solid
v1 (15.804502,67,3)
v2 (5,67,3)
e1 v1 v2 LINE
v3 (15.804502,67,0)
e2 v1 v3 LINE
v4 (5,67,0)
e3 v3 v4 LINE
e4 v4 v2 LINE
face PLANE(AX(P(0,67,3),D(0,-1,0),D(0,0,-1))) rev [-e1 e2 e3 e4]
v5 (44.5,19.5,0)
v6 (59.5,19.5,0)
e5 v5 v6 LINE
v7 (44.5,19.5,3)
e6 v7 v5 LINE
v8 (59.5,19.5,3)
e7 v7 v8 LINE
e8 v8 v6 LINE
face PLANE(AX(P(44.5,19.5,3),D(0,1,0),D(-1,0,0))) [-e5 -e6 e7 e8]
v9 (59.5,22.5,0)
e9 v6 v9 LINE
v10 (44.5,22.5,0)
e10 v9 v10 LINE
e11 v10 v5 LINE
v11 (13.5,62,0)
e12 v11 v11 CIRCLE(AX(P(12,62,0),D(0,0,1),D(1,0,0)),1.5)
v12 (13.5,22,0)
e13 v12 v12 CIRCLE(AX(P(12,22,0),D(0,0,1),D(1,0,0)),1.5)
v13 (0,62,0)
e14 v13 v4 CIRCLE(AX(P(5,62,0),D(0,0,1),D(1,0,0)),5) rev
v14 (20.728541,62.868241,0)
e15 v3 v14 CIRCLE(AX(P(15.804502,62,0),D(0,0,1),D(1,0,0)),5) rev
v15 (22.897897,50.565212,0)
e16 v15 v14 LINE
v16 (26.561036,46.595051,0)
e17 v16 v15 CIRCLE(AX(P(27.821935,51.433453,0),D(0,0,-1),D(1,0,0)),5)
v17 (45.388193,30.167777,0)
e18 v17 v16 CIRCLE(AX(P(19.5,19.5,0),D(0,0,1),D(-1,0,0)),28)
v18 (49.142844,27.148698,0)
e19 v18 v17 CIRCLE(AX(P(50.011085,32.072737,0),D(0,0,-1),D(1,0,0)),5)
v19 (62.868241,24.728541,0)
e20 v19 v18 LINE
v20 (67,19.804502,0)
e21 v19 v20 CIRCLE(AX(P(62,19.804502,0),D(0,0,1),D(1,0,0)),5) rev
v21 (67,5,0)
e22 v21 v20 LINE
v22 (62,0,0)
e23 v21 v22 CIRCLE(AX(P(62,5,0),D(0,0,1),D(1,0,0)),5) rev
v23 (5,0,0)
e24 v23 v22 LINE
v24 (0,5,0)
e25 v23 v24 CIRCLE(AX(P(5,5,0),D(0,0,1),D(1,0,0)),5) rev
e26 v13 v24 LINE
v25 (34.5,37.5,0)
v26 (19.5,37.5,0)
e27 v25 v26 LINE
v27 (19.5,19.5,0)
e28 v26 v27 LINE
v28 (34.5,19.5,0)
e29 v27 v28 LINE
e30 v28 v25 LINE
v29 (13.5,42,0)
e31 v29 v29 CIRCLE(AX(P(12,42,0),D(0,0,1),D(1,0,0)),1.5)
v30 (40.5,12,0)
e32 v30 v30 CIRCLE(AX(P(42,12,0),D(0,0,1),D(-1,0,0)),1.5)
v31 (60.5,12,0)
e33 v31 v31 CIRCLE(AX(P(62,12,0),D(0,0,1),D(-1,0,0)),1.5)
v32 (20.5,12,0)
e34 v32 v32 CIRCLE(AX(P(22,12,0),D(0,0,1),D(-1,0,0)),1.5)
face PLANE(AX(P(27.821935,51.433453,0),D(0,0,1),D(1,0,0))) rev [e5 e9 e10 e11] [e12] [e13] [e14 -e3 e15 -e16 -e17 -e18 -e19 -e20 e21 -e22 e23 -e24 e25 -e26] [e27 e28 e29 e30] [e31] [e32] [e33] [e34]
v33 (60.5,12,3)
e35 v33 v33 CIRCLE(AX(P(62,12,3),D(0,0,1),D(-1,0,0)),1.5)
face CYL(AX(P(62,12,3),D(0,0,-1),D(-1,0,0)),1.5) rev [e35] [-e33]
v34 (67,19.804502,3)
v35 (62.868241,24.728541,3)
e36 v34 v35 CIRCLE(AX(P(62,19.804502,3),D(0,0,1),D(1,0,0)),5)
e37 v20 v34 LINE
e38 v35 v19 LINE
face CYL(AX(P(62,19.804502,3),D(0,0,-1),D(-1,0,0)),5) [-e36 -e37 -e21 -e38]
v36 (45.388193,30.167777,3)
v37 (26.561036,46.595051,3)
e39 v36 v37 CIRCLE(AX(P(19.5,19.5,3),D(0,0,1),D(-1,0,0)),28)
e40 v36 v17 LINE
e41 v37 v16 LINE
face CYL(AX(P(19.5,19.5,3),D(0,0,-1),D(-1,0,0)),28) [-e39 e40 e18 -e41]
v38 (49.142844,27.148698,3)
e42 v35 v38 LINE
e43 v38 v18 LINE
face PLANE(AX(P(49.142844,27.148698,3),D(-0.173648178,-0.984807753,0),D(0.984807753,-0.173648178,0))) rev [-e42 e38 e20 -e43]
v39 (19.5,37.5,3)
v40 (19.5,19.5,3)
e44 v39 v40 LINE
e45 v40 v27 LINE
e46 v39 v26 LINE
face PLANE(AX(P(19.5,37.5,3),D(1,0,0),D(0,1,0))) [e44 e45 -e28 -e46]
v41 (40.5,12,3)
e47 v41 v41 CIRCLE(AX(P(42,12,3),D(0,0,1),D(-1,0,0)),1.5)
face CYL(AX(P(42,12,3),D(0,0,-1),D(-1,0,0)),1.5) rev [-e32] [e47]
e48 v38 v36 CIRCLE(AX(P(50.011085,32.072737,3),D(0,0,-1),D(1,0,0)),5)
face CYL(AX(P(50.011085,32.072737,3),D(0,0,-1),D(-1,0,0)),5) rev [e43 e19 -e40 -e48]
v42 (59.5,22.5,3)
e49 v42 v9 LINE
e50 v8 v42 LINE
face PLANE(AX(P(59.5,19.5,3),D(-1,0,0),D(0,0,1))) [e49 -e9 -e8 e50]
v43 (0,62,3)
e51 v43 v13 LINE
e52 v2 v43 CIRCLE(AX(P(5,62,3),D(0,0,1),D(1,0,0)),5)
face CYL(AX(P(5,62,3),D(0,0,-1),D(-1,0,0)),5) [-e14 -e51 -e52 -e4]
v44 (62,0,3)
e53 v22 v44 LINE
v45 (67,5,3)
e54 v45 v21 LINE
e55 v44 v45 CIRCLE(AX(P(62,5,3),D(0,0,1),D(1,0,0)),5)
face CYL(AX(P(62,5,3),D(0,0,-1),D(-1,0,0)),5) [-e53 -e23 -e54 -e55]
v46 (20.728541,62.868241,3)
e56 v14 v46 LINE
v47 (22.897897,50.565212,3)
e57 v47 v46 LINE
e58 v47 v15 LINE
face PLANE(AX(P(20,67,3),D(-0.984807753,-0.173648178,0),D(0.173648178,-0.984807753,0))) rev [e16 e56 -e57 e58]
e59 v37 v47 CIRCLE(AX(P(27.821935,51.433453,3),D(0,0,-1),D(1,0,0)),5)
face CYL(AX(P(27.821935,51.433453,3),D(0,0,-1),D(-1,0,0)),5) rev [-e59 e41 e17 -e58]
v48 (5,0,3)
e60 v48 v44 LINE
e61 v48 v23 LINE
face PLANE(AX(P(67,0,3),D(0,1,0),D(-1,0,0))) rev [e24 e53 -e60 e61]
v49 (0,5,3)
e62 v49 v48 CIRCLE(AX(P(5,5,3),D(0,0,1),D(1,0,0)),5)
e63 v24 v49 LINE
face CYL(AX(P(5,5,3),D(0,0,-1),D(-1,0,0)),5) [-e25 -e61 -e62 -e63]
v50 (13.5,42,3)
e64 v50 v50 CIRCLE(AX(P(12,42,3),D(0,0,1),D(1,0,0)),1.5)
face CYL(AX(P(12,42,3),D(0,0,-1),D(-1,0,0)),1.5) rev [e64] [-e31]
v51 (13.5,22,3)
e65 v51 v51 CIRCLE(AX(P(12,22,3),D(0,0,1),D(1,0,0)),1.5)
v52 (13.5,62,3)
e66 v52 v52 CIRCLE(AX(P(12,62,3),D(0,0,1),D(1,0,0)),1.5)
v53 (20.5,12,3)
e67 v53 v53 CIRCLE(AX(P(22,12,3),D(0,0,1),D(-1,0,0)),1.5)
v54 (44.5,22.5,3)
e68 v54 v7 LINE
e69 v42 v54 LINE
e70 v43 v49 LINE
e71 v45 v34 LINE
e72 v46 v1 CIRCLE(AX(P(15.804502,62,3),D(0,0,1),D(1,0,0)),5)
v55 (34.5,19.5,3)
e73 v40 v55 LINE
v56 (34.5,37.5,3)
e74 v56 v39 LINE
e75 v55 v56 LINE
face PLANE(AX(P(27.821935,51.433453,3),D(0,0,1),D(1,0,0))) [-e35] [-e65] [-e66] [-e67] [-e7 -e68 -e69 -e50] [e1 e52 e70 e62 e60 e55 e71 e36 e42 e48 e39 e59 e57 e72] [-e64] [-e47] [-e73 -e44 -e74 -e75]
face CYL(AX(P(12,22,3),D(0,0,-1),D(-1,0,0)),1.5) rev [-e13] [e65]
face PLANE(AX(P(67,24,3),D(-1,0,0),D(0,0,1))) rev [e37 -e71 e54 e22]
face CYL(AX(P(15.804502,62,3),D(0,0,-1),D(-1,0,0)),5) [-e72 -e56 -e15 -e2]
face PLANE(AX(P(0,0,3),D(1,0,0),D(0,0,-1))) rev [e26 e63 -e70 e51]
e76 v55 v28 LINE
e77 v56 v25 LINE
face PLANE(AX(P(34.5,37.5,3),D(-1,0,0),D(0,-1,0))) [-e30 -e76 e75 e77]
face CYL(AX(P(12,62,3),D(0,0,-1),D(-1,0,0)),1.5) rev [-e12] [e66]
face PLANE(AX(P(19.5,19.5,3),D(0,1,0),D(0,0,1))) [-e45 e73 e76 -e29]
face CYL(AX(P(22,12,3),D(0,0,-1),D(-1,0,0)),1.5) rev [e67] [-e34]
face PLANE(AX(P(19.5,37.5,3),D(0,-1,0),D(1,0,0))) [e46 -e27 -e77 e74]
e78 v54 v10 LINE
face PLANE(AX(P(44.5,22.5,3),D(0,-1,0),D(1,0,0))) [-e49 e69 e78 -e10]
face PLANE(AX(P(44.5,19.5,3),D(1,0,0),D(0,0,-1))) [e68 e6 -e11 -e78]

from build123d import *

# Parameters (mm, degrees)
SKETCH_1_R      = 1.5
SKETCH_1_W      = 15
SKETCH_1_H      = 18
SKETCH_1_H_2    = 3
EXTRUDE_1_DEPTH = 3
FILLET_1_R      = 5


with BuildPart() as part:
    # 草图1 → 凸台-拉伸1 (new body)
    with BuildSketch(Plane.XY):
        with BuildLine():
            Line((0, 0), (0, 67))
            Line((0, 67), (20, 67))
            Line((20, 67), (22.897896607, 50.56521166))
            ThreePointArc((22.897896607, 50.56521166), (24.147168803, 48.042864005), (26.561036073, 46.595050647))
            ThreePointArc((26.561036073, 46.595050647), (37.908605389, 40.597944156), (45.388192925, 30.167777045))
            ThreePointArc((45.388192925, 30.167777045), (46.877900379, 28.176180142), (49.14284363, 27.148698467))
            Line((49.14284363, 27.148698467), (67, 24))
            Line((67, 24), (67, 0))
            Line((67, 0), (0, 0))
        make_face()
        with Locations((12, 62)):
            Circle(SKETCH_1_R, mode=Mode.SUBTRACT)
        with Locations((12, 42)):
            Circle(SKETCH_1_R, mode=Mode.SUBTRACT)
        with Locations((12, 22)):
            Circle(SKETCH_1_R, mode=Mode.SUBTRACT)
        with Locations(Location((62, 12, 0), (0, 0, 180))):
            Circle(SKETCH_1_R, mode=Mode.SUBTRACT)
        with Locations(Location((42, 12, 0), (0, 0, 180))):
            Circle(SKETCH_1_R, mode=Mode.SUBTRACT)
        with Locations(Location((22, 12, 0), (0, 0, 180))):
            Circle(SKETCH_1_R, mode=Mode.SUBTRACT)
        with Locations((27, 28.5)):
            Rectangle(SKETCH_1_W, SKETCH_1_H, mode=Mode.SUBTRACT)
        with Locations((52, 21)):
            Rectangle(SKETCH_1_W, SKETCH_1_H_2, mode=Mode.SUBTRACT)
    extrude(amount=EXTRUDE_1_DEPTH)

    # 圆角1
    fillet_1_edges = [part.edges().sort_by_distance(p)[0] for p in [
        (0, 0, 1.5),
        (0, 67, 1.5),
        (20, 67, 1.5),
        (67, 24, 1.5),
        (67, 0, 1.5),
    ]]
    fillet(fillet_1_edges, radius=FILLET_1_R)


solid = part.part
